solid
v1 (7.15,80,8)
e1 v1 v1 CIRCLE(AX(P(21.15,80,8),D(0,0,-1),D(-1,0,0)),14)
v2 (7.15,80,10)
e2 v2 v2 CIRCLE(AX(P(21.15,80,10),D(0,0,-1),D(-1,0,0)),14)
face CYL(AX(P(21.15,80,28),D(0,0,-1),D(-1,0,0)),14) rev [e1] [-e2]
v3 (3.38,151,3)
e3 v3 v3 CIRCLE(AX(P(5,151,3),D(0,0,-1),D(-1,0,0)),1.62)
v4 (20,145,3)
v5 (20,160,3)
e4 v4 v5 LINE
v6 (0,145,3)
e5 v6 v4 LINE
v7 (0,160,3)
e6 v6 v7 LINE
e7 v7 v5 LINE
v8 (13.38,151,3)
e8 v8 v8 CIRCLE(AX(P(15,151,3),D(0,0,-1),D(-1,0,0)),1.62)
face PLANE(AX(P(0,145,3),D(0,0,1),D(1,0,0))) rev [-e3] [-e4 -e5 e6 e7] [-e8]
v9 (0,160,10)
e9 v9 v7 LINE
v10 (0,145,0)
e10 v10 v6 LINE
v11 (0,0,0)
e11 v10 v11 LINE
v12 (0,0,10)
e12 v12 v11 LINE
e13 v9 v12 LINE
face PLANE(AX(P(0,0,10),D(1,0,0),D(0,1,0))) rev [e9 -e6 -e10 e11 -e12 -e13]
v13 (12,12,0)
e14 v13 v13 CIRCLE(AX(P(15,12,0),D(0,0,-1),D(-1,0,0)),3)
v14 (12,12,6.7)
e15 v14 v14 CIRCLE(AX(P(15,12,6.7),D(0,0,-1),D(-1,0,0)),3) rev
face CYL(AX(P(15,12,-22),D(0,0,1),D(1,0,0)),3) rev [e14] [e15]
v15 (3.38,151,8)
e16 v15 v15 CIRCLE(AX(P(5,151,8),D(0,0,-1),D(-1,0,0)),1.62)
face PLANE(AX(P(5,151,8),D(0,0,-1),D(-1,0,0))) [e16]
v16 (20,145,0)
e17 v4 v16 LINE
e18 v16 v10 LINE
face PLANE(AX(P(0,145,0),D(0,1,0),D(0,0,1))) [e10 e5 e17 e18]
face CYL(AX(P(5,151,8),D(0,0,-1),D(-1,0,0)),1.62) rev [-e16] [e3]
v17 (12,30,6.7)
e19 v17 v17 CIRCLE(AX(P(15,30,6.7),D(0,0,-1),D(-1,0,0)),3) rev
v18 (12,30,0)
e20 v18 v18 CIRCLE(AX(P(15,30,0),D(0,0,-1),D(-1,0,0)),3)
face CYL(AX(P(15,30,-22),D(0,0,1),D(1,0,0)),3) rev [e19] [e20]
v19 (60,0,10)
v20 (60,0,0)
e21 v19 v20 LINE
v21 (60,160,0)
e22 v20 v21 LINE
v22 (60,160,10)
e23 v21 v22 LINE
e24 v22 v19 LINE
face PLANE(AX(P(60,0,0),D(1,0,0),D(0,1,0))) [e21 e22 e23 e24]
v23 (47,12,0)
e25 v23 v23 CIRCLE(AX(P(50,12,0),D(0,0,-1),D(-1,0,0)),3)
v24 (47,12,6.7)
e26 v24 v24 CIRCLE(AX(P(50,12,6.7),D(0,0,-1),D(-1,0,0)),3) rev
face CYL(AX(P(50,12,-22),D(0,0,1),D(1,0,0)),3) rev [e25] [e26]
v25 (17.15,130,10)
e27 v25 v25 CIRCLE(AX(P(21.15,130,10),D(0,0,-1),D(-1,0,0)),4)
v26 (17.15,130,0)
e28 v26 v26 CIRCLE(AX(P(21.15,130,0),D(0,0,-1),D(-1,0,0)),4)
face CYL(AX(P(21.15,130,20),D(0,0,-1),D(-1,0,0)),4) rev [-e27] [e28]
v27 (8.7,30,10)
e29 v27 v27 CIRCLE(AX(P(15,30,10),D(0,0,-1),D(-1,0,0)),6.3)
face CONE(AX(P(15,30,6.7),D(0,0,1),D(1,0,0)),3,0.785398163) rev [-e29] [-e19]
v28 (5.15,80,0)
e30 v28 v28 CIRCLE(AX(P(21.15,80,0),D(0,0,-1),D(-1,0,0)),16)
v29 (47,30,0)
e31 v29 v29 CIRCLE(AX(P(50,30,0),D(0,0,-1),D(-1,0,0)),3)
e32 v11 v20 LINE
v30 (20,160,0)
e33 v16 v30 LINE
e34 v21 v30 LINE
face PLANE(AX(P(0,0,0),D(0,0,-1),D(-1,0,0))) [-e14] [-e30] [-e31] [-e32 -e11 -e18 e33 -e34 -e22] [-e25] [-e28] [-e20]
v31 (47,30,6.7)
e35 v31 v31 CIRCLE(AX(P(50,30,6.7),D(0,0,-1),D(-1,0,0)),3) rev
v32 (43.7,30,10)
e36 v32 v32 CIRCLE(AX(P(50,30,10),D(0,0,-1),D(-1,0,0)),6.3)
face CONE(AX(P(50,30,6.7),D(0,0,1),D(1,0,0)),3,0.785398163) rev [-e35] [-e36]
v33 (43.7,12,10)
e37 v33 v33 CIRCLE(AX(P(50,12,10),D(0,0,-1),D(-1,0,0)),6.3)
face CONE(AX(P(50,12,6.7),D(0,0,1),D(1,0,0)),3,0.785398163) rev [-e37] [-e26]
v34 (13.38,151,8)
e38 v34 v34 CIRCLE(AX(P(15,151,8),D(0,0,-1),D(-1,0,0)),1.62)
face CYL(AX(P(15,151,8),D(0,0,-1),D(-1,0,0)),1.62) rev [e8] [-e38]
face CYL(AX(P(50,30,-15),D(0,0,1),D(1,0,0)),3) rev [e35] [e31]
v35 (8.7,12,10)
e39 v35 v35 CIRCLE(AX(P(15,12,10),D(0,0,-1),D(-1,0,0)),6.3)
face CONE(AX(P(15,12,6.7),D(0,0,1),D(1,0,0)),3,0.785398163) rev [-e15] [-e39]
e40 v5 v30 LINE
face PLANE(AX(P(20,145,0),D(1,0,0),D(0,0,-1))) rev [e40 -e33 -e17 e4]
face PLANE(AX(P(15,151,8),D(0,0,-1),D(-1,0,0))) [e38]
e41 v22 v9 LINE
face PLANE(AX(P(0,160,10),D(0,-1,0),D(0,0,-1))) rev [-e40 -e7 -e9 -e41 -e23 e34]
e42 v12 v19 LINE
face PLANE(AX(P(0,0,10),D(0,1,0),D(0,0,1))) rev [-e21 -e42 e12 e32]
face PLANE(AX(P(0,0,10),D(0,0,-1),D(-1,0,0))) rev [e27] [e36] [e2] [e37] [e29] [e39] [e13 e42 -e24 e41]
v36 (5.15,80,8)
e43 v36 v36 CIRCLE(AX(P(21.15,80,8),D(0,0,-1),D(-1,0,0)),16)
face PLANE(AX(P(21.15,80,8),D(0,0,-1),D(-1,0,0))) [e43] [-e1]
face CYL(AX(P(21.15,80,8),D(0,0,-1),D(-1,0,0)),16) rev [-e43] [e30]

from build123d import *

# Parameters (mm, degrees)
SKIZZE1_W                        = 65
SKIZZE1_H                        = 160
AUFSATZ_LINEAR_AUSTRAGEN1_DEPTH  = 10
SKIZZE2_R                        = 16
SCHNITT_LINEAR_AUSTRAGEN1_DEPTH  = 8
SKIZZE3_W                        = 20
SKIZZE3_H                        = 3
SCHNITT_LINEAR_AUSTRAGEN2_DEPTH  = 15
SKIZZE4_R                        = 4
SCHNITT_LINEAR_AUSTRAGEN3_DEPTH  = 20
SKIZZE6_R                        = 14
SCHNITT_LINEAR_AUSTRAGEN4_DEPTH  = 20
SKIZZE7_R                        = 1.62
SCHNITT_LINEAR_AUSTRAGEN5_DEPTH  = 5
SKIZZE8_R                        = 1.62
SCHNITT_LINEAR_AUSTRAGEN6_DEPTH  = 5
SKIZZE9_R                        = 3
SCHNITT_LINEAR_AUSTRAGEN7_DEPTH  = 32
FASE1_SIZE                       = 3.3
SKIZZE10_R                       = 3
SCHNITT_LINEAR_AUSTRAGEN8_DEPTH  = 32
FASE2_SIZE                       = 3.3
SKIZZE11_R                       = 3
SCHNITT_LINEAR_AUSTRAGEN9_DEPTH  = 32
FASE3_SIZE                       = 3.3
SKIZZE12_R                       = 3
SCHNITT_LINEAR_AUSTRAGEN10_DEPTH = 25
FASE4_SIZE                       = 3.3
SKIZZE13_W                       = 10
SKIZZE13_H                       = 160
SCHNITT_LINEAR_AUSTRAGEN11_DEPTH = 5


with BuildPart() as part:
    # Skizze1 → Aufsatz-Linear austragen1 (new body)
    with BuildSketch(Plane.XY):
        with Locations((32.5, 80)):
            Rectangle(SKIZZE1_W, SKIZZE1_H)
    extrude(amount=AUFSATZ_LINEAR_AUSTRAGEN1_DEPTH)

    # Skizze2 → Schnitt-Linear austragen1 (cut)
    with BuildSketch(Plane(origin=(0, 0, 0), x_dir=(-1, 0, 0), z_dir=(0, 0, -1))):
        with Locations((-21.15, 80)):
            Circle(SKIZZE2_R)
    extrude(amount=-SCHNITT_LINEAR_AUSTRAGEN1_DEPTH, mode=Mode.SUBTRACT)

    # Skizze3 → Schnitt-Linear austragen2 (cut)
    with BuildSketch(Plane(origin=(0, 160, 0), x_dir=(1, 0, 0), z_dir=(0, 1, 0))):
        with Locations((10, -1.5)):
            Rectangle(SKIZZE3_W, SKIZZE3_H)
    extrude(amount=-SCHNITT_LINEAR_AUSTRAGEN2_DEPTH, mode=Mode.SUBTRACT)

    # Skizze4 → Schnitt-Linear austragen3 (cut)
    with BuildSketch(Plane(origin=(0, 0, 0), x_dir=(-1, 0, 0), z_dir=(0, 0, -1))):
        with Locations((-21.15, 130)):
            Circle(SKIZZE4_R)
    extrude(amount=-SCHNITT_LINEAR_AUSTRAGEN3_DEPTH, mode=Mode.SUBTRACT)

    # Skizze6 → Schnitt-Linear austragen4 (cut)
    with BuildSketch(Plane(origin=(0, 0, 8), x_dir=(-1, 0, 0), z_dir=(0, 0, -1))):
        with Locations((-21.15, 80)):
            Circle(SKIZZE6_R)
    extrude(amount=-SCHNITT_LINEAR_AUSTRAGEN4_DEPTH, mode=Mode.SUBTRACT)

    # Skizze7 → Schnitt-Linear austragen5 (cut)
    with BuildSketch(Plane(origin=(0, 0, 3), x_dir=(-1, 0, 0), z_dir=(0, 0, -1))):
        with Locations((-5, 151)):
            Circle(SKIZZE7_R)
    extrude(amount=-SCHNITT_LINEAR_AUSTRAGEN5_DEPTH, mode=Mode.SUBTRACT)

    # Skizze8 → Schnitt-Linear austragen6 (cut)
    with BuildSketch(Plane(origin=(0, 0, 3), x_dir=(-1, 0, 0), z_dir=(0, 0, -1))):
        with Locations((-15, 151)):
            Circle(SKIZZE8_R)
    extrude(amount=-SCHNITT_LINEAR_AUSTRAGEN6_DEPTH, mode=Mode.SUBTRACT)

    # Skizze9 → Schnitt-Linear austragen7 (cut)
    with BuildSketch(Plane.XY.offset(10)):
        with Locations((15, 12)):
            Circle(SKIZZE9_R)
    extrude(amount=-SCHNITT_LINEAR_AUSTRAGEN7_DEPTH, mode=Mode.SUBTRACT)

    # Fase1
    fase1_edges = [part.edges().sort_by_distance(p)[0] for p in [
        (12, 12, 10),
    ]]
    chamfer(fase1_edges, length=FASE1_SIZE)

    # Skizze10 → Schnitt-Linear austragen8 (cut)
    with BuildSketch(Plane.XY.offset(10)):
        with Locations((50, 12)):
            Circle(SKIZZE10_R)
    extrude(amount=-SCHNITT_LINEAR_AUSTRAGEN8_DEPTH, mode=Mode.SUBTRACT)

    # Fase2
    fase2_edges = [part.edges().sort_by_distance(p)[0] for p in [
        (47, 12, 10),
    ]]
    chamfer(fase2_edges, length=FASE2_SIZE)

    # Skizze11 → Schnitt-Linear austragen9 (cut)
    with BuildSketch(Plane.XY.offset(10)):
        with Locations((15, 30)):
            Circle(SKIZZE11_R)
    extrude(amount=-SCHNITT_LINEAR_AUSTRAGEN9_DEPTH, mode=Mode.SUBTRACT)

    # Fase3
    fase3_edges = [part.edges().sort_by_distance(p)[0] for p in [
        (12, 30, 10),
    ]]
    chamfer(fase3_edges, length=FASE3_SIZE)

    # Skizze12 → Schnitt-Linear austragen10 (cut)
    with BuildSketch(Plane.XY.offset(10)):
        with Locations((50, 30)):
            Circle(SKIZZE12_R)
    extrude(amount=-SCHNITT_LINEAR_AUSTRAGEN10_DEPTH, mode=Mode.SUBTRACT)

    # Fase4
    fase4_edges = [part.edges().sort_by_distance(p)[0] for p in [
        (47, 30, 10),
    ]]
    chamfer(fase4_edges, length=FASE4_SIZE)

    # Skizze13 → Schnitt-Linear austragen11 (cut)
    with BuildSketch(Plane(origin=(65, 0, 0), x_dir=(0, 0, -1), z_dir=(1, 0, 0))):
        with Locations((-5, 80)):
            Rectangle(SKIZZE13_W, SKIZZE13_H)
    extrude(amount=-SCHNITT_LINEAR_AUSTRAGEN11_DEPTH, mode=Mode.SUBTRACT)


solid = part.part
